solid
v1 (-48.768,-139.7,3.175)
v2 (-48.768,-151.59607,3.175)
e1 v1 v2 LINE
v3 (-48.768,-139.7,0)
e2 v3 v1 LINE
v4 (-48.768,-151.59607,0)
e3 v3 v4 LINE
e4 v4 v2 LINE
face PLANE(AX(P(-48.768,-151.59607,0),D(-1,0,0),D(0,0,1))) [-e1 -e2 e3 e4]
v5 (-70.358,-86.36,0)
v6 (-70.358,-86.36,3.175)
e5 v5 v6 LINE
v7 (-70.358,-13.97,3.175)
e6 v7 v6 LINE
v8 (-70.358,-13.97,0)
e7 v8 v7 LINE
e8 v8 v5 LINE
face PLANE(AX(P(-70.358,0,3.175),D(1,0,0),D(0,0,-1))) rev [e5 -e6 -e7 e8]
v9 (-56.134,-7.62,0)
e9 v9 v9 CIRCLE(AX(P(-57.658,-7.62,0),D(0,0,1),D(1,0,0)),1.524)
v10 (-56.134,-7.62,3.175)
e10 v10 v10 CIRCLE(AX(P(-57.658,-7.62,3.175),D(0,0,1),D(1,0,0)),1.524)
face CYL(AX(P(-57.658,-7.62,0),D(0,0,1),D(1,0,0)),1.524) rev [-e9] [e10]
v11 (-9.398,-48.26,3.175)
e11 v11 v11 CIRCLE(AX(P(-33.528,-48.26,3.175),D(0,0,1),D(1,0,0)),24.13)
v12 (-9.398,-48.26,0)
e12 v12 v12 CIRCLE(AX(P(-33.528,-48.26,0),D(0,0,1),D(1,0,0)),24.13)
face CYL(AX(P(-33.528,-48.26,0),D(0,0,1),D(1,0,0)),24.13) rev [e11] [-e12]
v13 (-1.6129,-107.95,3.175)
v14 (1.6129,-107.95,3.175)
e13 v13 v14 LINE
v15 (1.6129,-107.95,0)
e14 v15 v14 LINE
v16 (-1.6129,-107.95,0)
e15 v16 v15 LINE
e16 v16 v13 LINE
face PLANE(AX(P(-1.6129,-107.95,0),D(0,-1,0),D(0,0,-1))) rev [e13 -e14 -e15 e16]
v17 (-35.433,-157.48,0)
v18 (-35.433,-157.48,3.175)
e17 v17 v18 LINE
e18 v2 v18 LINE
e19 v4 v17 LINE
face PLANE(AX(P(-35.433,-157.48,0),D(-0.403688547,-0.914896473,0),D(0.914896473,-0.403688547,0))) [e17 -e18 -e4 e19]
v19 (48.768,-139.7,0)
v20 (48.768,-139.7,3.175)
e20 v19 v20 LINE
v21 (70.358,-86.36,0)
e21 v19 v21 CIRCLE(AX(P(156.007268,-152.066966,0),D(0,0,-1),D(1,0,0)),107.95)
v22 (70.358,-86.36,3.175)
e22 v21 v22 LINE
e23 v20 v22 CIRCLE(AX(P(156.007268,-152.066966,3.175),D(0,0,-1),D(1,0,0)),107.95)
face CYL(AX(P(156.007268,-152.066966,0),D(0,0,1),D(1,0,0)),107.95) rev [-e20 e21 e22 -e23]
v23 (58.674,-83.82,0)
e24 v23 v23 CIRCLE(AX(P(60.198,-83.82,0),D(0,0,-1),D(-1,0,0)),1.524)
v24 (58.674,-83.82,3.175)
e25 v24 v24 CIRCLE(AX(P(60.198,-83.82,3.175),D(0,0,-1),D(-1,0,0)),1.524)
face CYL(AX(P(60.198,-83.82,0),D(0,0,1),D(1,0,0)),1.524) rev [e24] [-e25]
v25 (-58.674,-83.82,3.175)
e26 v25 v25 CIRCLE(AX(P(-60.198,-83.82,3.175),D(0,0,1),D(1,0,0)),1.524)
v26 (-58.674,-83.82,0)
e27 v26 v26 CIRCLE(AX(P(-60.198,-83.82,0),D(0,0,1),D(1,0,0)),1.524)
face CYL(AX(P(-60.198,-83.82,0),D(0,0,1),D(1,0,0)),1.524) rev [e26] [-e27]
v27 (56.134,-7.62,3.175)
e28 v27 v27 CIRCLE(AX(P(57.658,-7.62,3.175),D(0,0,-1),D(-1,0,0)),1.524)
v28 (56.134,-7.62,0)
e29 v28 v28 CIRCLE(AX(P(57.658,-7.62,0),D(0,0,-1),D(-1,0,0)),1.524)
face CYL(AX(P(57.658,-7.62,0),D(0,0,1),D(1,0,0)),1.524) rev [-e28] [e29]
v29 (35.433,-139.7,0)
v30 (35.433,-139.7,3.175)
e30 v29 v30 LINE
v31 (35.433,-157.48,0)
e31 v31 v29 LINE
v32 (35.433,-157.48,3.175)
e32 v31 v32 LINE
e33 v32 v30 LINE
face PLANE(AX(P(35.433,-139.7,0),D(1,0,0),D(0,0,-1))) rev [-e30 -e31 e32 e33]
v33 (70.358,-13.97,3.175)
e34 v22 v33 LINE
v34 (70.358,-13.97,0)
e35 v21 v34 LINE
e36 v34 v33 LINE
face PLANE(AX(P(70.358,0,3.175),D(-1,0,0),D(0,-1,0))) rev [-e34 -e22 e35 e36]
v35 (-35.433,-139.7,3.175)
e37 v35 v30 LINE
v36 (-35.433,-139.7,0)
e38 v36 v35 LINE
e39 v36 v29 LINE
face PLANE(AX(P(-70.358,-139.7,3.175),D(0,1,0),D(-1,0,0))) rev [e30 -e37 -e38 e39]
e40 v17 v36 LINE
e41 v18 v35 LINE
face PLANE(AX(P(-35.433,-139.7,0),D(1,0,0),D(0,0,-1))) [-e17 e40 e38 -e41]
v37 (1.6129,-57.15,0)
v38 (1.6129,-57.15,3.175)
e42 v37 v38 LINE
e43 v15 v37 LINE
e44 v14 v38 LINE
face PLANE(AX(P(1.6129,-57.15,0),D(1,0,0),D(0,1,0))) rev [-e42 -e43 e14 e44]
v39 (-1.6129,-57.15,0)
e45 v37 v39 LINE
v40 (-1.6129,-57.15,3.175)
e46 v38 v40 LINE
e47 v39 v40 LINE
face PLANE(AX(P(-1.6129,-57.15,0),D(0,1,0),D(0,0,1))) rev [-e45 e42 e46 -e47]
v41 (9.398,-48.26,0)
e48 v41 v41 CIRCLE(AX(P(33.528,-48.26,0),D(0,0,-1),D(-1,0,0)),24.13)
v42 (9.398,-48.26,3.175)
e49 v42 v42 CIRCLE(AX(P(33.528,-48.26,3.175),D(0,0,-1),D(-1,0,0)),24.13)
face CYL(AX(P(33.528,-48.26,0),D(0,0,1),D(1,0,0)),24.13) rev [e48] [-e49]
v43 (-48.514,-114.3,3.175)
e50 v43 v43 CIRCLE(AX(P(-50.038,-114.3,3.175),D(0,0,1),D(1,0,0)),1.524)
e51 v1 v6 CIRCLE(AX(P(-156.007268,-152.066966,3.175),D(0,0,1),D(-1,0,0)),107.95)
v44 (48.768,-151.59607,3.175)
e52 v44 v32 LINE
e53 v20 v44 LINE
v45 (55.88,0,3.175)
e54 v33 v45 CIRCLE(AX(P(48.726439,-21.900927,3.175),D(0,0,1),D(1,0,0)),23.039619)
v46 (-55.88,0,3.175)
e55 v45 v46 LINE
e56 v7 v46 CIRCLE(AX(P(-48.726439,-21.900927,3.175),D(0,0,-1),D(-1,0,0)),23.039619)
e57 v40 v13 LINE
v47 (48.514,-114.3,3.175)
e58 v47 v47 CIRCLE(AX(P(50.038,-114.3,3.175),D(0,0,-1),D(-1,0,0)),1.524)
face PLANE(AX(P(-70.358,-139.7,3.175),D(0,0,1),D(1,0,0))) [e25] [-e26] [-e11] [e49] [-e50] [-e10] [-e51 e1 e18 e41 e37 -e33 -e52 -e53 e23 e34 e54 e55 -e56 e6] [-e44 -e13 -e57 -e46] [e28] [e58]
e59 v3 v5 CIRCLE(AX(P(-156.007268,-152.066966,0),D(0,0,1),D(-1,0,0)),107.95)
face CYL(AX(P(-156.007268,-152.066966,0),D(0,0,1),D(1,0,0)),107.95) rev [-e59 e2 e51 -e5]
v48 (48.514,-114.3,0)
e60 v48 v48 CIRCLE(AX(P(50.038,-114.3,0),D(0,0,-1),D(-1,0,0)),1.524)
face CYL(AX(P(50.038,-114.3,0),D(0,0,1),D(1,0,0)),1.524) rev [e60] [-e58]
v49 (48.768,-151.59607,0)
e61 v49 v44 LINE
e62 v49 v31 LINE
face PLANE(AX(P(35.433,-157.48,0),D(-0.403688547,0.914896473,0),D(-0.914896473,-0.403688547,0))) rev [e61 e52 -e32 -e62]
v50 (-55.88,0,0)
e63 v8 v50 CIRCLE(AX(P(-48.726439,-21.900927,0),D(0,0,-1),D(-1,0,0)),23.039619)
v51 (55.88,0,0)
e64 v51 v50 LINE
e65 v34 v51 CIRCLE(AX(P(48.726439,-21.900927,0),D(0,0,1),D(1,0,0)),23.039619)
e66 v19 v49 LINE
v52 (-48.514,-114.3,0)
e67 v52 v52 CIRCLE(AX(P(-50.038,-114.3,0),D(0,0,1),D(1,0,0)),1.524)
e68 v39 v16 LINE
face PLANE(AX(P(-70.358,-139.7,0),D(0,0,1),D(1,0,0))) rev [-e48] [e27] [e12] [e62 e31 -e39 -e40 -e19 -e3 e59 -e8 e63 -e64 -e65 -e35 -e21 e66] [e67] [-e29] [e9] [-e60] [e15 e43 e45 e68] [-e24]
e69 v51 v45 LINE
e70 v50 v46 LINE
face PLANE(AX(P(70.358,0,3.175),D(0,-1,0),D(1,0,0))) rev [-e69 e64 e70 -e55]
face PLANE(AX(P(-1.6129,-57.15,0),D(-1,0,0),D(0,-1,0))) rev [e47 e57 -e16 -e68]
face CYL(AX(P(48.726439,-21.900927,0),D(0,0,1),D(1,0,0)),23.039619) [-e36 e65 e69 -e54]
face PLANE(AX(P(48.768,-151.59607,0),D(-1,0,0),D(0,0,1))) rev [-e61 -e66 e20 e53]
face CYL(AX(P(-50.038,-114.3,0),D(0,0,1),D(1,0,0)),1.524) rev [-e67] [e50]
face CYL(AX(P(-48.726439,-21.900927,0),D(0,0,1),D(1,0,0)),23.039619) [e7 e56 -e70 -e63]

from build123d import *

# Parameters (mm, degrees)
SKETCH1_W                           = 140.716
SKETCH1_H                           = 139.7
MAIN_BODY_DEPTH                     = 3.175
SKETCH2_R                           = 24.13
CUTS_FOR_EYES_AND_MOTORS_DEPTH      = 4.175
SKETCH4_W                           = 3.2258
SKETCH4_H                           = 50.8
CUT_FOR_NOSE_DEPTH                  = 4.175
CUT_FOR_ROUNDED_FACE_FEATURES_DEPTH = 4.175
SKETCH12_R                          = 1.524
HOLES_FOR_SPACERS_DEPTH             = 4.175
BOSS_EXTRUDE1_DEPTH                 = 3.175


with BuildPart() as part:
    # Sketch1 → main body (new body)
    with BuildSketch(Plane.XY):
        with Locations((0, -69.85)):
            Rectangle(SKETCH1_W, SKETCH1_H)
    extrude(amount=MAIN_BODY_DEPTH)

    # Sketch2 → cuts for eyes and motors (cut, through all)
    with BuildSketch(Plane.XY.offset(3.175)):
        with Locations((-33.528, -48.26)):
            Circle(SKETCH2_R)
    cuts_for_eyes_and_motors = extrude(amount=-CUTS_FOR_EYES_AND_MOTORS_DEPTH, mode=Mode.SUBTRACT)

    # Sketch4 → cut for nose (cut, through all)
    with BuildSketch(Plane.XY.offset(3.175)):
        with Locations((0, -82.55)):
            Rectangle(SKETCH4_W, SKETCH4_H)
    extrude(amount=-CUT_FOR_NOSE_DEPTH, mode=Mode.SUBTRACT)

    # Mirror1: cuts for eyes and motors across plane
    add(cuts_for_eyes_and_motors.mirror(Plane(origin=(0, 0, 0), x_dir=(0, 0, 1), z_dir=(1, 0, 0))), mode=Mode.SUBTRACT)

    # Sketch11 → cut for rounded face features (cut, through all)
    with BuildSketch(Plane.XY.offset(3.175)):
        with BuildLine():
            Line((-70.358, -139.7), (-70.358, -86.36))
            ThreePointArc((-70.358, -86.36), (-55.943359781, -111.56490753), (-48.768, -139.7))
            Line((-48.768, -139.7), (-70.358, -139.7))
        make_face()
        with BuildLine():
            Line((-70.358, 0), (-70.358, -13.97))
            ThreePointArc((-70.358, -13.97), (-64.724440046, -5.321180316), (-55.88, 0))
            Line((-55.88, 0), (-70.358, 0))
        make_face()
    cut_for_rounded_face_features = extrude(amount=-CUT_FOR_ROUNDED_FACE_FEATURES_DEPTH, mode=Mode.SUBTRACT)

    # mirror of rounded feature: cut for rounded face features across plane
    add(cut_for_rounded_face_features.mirror(Plane(origin=(0, 0, 0), x_dir=(0, 0, 1), z_dir=(1, 0, 0))), mode=Mode.SUBTRACT)

    # Sketch12 → holes for spacers (cut, through all)
    with BuildSketch(Plane.XY.offset(3.175)):
        with Locations((-57.658, -7.62)):
            Circle(SKETCH12_R)
        with Locations((-60.198, -83.82)):
            Circle(SKETCH12_R)
        with Locations((-50.038, -114.3)):
            Circle(SKETCH12_R)
    holes_for_spacers = extrude(amount=-HOLES_FOR_SPACERS_DEPTH, mode=Mode.SUBTRACT)

    # mirror of spacer hole: holes for spacers across plane
    add(holes_for_spacers.mirror(Plane(origin=(0, 0, 0), x_dir=(0, 0, 1), z_dir=(1, 0, 0))), mode=Mode.SUBTRACT)

    # Sketch14 → Boss-Extrude1 (add)
    with BuildSketch(Plane.XY.offset(3.175)):
        Polygon((-48.768, -139.7), (-35.433, -139.7), (-35.433, -157.48), (-48.768, -151.596070028), align=None)
    boss_extrude1 = extrude(amount=-BOSS_EXTRUDE1_DEPTH)

    # Mirror3: Boss-Extrude1 across plane
    add(boss_extrude1.mirror(Plane(origin=(0, 0, 0), x_dir=(0, 0, 1), z_dir=(1, 0, 0))))


solid = part.part
